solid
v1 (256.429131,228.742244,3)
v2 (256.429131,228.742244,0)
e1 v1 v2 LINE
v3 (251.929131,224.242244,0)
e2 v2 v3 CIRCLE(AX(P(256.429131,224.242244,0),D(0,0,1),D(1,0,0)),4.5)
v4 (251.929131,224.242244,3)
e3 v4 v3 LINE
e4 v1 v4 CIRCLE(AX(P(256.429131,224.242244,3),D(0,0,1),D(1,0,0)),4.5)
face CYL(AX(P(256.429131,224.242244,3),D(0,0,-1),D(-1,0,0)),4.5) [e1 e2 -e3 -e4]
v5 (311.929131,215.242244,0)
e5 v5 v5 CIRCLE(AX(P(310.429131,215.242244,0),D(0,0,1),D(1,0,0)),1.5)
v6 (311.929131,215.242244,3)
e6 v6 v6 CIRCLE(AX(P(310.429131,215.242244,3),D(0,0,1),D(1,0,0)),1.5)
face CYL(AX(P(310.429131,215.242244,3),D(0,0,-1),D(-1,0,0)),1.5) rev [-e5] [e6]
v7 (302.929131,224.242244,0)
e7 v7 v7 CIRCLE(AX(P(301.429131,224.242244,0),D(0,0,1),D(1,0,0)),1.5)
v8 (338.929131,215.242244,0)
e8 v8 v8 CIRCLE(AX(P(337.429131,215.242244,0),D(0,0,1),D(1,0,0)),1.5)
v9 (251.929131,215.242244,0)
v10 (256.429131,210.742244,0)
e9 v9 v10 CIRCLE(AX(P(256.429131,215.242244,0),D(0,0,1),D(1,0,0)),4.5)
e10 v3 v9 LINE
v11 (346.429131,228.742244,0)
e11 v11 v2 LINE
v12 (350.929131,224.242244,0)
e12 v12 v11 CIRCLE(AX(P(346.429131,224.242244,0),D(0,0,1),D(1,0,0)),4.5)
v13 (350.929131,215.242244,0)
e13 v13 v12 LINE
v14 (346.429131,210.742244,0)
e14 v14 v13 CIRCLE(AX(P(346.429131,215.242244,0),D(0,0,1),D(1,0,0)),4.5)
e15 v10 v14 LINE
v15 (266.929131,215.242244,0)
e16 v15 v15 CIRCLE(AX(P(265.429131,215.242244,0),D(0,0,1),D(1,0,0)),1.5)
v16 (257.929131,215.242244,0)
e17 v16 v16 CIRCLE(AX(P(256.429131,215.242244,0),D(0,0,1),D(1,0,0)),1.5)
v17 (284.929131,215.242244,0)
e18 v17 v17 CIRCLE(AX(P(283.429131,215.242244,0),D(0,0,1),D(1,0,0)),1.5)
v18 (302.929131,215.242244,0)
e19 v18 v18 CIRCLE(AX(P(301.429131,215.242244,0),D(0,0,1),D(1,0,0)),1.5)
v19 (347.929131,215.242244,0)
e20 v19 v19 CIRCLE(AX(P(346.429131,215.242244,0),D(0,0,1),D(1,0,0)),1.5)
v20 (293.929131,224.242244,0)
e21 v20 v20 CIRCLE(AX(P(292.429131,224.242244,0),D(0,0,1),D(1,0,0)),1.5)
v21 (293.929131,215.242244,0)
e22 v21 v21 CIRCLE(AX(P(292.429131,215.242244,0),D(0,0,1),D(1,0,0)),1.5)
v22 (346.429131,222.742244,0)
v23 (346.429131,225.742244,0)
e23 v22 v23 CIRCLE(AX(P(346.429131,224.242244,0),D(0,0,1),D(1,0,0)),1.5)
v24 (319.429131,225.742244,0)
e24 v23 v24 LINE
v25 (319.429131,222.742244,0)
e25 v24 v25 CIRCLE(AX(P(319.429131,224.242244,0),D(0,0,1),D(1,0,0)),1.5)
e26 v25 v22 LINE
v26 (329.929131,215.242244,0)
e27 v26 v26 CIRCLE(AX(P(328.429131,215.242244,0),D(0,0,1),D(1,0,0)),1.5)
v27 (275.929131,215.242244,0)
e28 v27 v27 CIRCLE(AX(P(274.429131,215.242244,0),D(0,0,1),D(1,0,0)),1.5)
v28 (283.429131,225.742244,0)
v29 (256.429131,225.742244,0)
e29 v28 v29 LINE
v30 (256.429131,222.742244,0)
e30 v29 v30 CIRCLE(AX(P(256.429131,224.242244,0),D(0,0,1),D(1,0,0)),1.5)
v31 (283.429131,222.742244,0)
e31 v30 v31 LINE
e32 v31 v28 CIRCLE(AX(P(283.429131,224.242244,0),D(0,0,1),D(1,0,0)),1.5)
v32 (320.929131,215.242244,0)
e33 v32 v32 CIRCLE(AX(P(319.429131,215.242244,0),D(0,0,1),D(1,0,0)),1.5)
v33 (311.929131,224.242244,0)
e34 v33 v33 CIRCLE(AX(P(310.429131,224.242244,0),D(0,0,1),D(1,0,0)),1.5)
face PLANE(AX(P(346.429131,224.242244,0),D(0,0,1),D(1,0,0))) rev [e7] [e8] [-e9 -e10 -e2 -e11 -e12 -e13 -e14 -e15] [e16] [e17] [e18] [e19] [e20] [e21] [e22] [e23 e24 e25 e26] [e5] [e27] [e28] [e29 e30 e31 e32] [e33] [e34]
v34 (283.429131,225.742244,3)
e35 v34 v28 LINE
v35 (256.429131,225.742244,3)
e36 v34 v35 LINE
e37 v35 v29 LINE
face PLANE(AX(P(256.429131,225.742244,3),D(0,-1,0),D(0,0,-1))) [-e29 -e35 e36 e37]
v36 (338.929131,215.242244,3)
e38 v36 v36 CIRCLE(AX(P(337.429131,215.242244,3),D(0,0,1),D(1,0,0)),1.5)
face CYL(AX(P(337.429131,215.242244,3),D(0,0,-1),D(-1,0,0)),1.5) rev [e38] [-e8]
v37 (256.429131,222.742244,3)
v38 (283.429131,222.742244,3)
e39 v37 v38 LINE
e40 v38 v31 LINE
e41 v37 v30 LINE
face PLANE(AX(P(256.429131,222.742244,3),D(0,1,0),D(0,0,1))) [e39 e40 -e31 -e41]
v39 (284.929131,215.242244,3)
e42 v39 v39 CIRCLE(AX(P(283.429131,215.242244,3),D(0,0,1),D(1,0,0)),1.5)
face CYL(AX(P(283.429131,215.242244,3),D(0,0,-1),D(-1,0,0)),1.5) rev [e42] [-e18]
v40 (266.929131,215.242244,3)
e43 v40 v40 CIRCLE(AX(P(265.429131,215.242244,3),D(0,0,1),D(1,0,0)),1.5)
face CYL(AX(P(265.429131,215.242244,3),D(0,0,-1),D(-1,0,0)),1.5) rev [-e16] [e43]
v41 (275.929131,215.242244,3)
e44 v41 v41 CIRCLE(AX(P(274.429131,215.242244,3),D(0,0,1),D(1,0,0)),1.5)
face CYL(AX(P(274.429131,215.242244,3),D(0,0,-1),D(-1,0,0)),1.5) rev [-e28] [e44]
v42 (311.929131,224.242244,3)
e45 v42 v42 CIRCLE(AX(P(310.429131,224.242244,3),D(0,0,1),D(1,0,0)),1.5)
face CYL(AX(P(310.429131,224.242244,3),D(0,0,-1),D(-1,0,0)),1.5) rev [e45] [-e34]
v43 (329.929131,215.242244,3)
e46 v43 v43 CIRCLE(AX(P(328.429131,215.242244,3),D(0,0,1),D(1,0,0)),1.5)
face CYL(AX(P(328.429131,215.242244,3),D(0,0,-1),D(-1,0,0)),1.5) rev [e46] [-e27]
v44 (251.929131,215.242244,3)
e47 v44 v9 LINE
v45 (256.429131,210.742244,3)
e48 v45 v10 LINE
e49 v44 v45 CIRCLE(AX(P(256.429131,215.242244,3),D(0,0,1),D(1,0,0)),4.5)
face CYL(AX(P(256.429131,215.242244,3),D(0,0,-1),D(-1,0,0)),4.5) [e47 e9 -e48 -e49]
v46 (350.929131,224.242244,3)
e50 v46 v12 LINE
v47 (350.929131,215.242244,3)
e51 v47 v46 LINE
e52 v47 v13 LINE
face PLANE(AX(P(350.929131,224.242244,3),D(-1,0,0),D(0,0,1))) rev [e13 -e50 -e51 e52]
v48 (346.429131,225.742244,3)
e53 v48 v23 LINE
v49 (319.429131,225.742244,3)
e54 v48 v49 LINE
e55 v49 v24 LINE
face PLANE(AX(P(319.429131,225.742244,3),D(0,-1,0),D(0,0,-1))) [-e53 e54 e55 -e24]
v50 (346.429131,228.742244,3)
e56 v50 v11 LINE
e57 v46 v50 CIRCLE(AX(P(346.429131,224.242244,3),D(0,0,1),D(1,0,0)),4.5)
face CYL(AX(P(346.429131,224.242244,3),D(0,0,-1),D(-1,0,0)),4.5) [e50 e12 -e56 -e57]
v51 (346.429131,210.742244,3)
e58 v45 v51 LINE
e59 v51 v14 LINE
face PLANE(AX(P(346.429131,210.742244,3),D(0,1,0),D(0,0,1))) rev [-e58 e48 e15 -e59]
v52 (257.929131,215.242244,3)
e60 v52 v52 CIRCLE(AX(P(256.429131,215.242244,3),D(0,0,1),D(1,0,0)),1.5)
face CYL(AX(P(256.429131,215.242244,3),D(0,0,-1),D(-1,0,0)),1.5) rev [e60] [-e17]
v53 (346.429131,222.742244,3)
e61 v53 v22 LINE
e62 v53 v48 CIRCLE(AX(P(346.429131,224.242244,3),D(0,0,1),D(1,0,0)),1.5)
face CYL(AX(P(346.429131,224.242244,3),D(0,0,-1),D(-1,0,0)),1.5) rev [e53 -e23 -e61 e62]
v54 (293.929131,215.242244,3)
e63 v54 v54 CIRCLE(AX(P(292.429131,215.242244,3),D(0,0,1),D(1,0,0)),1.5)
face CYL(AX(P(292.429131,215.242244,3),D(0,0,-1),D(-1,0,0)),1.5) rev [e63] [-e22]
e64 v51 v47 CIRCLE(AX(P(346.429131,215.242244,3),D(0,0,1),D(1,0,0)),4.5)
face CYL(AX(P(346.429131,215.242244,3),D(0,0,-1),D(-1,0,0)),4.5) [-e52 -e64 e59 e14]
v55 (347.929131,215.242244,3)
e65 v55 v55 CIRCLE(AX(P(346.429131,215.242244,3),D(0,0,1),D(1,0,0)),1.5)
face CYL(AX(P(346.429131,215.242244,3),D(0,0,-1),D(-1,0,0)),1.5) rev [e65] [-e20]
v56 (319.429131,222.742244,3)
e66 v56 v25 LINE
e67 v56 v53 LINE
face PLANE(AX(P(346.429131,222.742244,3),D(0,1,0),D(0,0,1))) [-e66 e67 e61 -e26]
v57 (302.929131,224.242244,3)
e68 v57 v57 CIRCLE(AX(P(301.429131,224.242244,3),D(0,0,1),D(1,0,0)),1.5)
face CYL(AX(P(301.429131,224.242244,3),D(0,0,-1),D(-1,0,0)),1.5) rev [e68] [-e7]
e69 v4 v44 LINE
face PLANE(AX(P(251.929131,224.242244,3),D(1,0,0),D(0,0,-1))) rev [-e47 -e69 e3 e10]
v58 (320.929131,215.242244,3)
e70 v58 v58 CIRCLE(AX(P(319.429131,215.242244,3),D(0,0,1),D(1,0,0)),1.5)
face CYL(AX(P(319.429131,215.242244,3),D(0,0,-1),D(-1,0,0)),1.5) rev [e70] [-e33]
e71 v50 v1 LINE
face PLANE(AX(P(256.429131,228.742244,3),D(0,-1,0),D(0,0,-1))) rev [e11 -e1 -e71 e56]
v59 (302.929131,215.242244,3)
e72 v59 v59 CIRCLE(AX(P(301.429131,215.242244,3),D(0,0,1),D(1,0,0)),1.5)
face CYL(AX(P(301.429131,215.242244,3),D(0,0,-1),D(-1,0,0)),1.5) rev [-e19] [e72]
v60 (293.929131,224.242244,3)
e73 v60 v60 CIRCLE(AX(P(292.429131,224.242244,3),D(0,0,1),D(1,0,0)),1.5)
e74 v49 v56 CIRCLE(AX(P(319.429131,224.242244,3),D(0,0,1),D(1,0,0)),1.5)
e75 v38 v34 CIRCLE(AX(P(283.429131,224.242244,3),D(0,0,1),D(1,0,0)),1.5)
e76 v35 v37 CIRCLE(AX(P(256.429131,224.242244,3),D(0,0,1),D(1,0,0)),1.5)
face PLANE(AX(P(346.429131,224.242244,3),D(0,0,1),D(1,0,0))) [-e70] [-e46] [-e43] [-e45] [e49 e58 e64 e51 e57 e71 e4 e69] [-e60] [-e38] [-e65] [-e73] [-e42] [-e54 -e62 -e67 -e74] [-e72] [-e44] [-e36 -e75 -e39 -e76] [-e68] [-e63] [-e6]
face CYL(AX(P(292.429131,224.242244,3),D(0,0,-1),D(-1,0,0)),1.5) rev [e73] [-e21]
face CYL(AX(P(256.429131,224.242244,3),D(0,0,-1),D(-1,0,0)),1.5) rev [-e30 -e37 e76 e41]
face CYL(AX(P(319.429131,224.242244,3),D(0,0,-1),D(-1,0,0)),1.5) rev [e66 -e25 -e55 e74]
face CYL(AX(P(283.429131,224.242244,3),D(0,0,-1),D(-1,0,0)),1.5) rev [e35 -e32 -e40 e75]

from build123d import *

# Parameters (mm, degrees)
MODEL_R                 = 1.5
SALIENTE_EXTRUIR1_DEPTH = 3


with BuildPart() as part:
    # Model → Saliente-Extruir1 (new body)
    with BuildSketch(Plane.XY):
        with BuildLine():
            Line((256.429131311, 228.742243614), (346.429131311, 228.742243614))
            ThreePointArc((346.429131311, 228.742243614), (349.611111826, 227.424224129), (350.929131311, 224.242243614))
            Line((350.929131311, 224.242243614), (350.929131311, 215.242243614))
            ThreePointArc((350.929131311, 215.242243614), (349.611111826, 212.060263099), (346.429131311, 210.742243614))
            Line((346.429131311, 210.742243614), (256.429131311, 210.742243614))
            ThreePointArc((256.429131311, 210.742243614), (253.247150795, 212.060263099), (251.929131311, 215.242243614))
            Line((251.929131311, 215.242243614), (251.929131311, 224.242243614))
            ThreePointArc((251.929131311, 224.242243614), (253.247150795, 227.424224129), (256.429131311, 228.742243614))
        make_face()
        with Locations((310.429131311, 224.242243614)):
            Circle(MODEL_R, mode=Mode.SUBTRACT)
        with Locations((292.429131311, 224.242243614)):
            Circle(MODEL_R, mode=Mode.SUBTRACT)
        with Locations((301.429131311, 224.242243614)):
            Circle(MODEL_R, mode=Mode.SUBTRACT)
        with Locations((337.429131311, 215.242243614)):
            Circle(MODEL_R, mode=Mode.SUBTRACT)
        with Locations((319.429131311, 215.242243614)):
            Circle(MODEL_R, mode=Mode.SUBTRACT)
        with Locations((328.429131311, 215.242243614)):
            Circle(MODEL_R, mode=Mode.SUBTRACT)
        with Locations((310.429131311, 215.242243614)):
            Circle(MODEL_R, mode=Mode.SUBTRACT)
        with Locations((292.429131311, 215.242243614)):
            Circle(MODEL_R, mode=Mode.SUBTRACT)
        with Locations((301.429131311, 215.242243614)):
            Circle(MODEL_R, mode=Mode.SUBTRACT)
        with Locations((274.429131311, 215.242243614)):
            Circle(MODEL_R, mode=Mode.SUBTRACT)
        with Locations((283.429131311, 215.242243614)):
            Circle(MODEL_R, mode=Mode.SUBTRACT)
        with Locations((265.429131311, 215.242243614)):
            Circle(MODEL_R, mode=Mode.SUBTRACT)
        with Locations((256.429131311, 215.242243614)):
            Circle(MODEL_R, mode=Mode.SUBTRACT)
        with Locations((346.429131311, 215.242243614)):
            Circle(MODEL_R, mode=Mode.SUBTRACT)
        with BuildLine():
            Line((256.429131311, 225.742243614), (283.429131311, 225.742243614))
            ThreePointArc((283.429131311, 225.742243614), (284.929131311, 224.242243614), (283.429131311, 222.742243614))
            Line((283.429131311, 222.742243614), (256.429131311, 222.742243614))
            ThreePointArc((256.429131311, 222.742243614), (254.929131311, 224.242243614), (256.429131311, 225.742243614))
        make_face(mode=Mode.SUBTRACT)
        with BuildLine():
            Line((319.429131311, 225.742243614), (346.429131311, 225.742243614))
            ThreePointArc((346.429131311, 225.742243614), (347.929131311, 224.242243614), (346.429131311, 222.742243614))
            Line((346.429131311, 222.742243614), (319.429131311, 222.742243614))
            ThreePointArc((319.429131311, 222.742243614), (317.929131311, 224.242243614), (319.429131311, 225.742243614))
        make_face(mode=Mode.SUBTRACT)
    extrude(amount=SALIENTE_EXTRUIR1_DEPTH)


solid = part.part
